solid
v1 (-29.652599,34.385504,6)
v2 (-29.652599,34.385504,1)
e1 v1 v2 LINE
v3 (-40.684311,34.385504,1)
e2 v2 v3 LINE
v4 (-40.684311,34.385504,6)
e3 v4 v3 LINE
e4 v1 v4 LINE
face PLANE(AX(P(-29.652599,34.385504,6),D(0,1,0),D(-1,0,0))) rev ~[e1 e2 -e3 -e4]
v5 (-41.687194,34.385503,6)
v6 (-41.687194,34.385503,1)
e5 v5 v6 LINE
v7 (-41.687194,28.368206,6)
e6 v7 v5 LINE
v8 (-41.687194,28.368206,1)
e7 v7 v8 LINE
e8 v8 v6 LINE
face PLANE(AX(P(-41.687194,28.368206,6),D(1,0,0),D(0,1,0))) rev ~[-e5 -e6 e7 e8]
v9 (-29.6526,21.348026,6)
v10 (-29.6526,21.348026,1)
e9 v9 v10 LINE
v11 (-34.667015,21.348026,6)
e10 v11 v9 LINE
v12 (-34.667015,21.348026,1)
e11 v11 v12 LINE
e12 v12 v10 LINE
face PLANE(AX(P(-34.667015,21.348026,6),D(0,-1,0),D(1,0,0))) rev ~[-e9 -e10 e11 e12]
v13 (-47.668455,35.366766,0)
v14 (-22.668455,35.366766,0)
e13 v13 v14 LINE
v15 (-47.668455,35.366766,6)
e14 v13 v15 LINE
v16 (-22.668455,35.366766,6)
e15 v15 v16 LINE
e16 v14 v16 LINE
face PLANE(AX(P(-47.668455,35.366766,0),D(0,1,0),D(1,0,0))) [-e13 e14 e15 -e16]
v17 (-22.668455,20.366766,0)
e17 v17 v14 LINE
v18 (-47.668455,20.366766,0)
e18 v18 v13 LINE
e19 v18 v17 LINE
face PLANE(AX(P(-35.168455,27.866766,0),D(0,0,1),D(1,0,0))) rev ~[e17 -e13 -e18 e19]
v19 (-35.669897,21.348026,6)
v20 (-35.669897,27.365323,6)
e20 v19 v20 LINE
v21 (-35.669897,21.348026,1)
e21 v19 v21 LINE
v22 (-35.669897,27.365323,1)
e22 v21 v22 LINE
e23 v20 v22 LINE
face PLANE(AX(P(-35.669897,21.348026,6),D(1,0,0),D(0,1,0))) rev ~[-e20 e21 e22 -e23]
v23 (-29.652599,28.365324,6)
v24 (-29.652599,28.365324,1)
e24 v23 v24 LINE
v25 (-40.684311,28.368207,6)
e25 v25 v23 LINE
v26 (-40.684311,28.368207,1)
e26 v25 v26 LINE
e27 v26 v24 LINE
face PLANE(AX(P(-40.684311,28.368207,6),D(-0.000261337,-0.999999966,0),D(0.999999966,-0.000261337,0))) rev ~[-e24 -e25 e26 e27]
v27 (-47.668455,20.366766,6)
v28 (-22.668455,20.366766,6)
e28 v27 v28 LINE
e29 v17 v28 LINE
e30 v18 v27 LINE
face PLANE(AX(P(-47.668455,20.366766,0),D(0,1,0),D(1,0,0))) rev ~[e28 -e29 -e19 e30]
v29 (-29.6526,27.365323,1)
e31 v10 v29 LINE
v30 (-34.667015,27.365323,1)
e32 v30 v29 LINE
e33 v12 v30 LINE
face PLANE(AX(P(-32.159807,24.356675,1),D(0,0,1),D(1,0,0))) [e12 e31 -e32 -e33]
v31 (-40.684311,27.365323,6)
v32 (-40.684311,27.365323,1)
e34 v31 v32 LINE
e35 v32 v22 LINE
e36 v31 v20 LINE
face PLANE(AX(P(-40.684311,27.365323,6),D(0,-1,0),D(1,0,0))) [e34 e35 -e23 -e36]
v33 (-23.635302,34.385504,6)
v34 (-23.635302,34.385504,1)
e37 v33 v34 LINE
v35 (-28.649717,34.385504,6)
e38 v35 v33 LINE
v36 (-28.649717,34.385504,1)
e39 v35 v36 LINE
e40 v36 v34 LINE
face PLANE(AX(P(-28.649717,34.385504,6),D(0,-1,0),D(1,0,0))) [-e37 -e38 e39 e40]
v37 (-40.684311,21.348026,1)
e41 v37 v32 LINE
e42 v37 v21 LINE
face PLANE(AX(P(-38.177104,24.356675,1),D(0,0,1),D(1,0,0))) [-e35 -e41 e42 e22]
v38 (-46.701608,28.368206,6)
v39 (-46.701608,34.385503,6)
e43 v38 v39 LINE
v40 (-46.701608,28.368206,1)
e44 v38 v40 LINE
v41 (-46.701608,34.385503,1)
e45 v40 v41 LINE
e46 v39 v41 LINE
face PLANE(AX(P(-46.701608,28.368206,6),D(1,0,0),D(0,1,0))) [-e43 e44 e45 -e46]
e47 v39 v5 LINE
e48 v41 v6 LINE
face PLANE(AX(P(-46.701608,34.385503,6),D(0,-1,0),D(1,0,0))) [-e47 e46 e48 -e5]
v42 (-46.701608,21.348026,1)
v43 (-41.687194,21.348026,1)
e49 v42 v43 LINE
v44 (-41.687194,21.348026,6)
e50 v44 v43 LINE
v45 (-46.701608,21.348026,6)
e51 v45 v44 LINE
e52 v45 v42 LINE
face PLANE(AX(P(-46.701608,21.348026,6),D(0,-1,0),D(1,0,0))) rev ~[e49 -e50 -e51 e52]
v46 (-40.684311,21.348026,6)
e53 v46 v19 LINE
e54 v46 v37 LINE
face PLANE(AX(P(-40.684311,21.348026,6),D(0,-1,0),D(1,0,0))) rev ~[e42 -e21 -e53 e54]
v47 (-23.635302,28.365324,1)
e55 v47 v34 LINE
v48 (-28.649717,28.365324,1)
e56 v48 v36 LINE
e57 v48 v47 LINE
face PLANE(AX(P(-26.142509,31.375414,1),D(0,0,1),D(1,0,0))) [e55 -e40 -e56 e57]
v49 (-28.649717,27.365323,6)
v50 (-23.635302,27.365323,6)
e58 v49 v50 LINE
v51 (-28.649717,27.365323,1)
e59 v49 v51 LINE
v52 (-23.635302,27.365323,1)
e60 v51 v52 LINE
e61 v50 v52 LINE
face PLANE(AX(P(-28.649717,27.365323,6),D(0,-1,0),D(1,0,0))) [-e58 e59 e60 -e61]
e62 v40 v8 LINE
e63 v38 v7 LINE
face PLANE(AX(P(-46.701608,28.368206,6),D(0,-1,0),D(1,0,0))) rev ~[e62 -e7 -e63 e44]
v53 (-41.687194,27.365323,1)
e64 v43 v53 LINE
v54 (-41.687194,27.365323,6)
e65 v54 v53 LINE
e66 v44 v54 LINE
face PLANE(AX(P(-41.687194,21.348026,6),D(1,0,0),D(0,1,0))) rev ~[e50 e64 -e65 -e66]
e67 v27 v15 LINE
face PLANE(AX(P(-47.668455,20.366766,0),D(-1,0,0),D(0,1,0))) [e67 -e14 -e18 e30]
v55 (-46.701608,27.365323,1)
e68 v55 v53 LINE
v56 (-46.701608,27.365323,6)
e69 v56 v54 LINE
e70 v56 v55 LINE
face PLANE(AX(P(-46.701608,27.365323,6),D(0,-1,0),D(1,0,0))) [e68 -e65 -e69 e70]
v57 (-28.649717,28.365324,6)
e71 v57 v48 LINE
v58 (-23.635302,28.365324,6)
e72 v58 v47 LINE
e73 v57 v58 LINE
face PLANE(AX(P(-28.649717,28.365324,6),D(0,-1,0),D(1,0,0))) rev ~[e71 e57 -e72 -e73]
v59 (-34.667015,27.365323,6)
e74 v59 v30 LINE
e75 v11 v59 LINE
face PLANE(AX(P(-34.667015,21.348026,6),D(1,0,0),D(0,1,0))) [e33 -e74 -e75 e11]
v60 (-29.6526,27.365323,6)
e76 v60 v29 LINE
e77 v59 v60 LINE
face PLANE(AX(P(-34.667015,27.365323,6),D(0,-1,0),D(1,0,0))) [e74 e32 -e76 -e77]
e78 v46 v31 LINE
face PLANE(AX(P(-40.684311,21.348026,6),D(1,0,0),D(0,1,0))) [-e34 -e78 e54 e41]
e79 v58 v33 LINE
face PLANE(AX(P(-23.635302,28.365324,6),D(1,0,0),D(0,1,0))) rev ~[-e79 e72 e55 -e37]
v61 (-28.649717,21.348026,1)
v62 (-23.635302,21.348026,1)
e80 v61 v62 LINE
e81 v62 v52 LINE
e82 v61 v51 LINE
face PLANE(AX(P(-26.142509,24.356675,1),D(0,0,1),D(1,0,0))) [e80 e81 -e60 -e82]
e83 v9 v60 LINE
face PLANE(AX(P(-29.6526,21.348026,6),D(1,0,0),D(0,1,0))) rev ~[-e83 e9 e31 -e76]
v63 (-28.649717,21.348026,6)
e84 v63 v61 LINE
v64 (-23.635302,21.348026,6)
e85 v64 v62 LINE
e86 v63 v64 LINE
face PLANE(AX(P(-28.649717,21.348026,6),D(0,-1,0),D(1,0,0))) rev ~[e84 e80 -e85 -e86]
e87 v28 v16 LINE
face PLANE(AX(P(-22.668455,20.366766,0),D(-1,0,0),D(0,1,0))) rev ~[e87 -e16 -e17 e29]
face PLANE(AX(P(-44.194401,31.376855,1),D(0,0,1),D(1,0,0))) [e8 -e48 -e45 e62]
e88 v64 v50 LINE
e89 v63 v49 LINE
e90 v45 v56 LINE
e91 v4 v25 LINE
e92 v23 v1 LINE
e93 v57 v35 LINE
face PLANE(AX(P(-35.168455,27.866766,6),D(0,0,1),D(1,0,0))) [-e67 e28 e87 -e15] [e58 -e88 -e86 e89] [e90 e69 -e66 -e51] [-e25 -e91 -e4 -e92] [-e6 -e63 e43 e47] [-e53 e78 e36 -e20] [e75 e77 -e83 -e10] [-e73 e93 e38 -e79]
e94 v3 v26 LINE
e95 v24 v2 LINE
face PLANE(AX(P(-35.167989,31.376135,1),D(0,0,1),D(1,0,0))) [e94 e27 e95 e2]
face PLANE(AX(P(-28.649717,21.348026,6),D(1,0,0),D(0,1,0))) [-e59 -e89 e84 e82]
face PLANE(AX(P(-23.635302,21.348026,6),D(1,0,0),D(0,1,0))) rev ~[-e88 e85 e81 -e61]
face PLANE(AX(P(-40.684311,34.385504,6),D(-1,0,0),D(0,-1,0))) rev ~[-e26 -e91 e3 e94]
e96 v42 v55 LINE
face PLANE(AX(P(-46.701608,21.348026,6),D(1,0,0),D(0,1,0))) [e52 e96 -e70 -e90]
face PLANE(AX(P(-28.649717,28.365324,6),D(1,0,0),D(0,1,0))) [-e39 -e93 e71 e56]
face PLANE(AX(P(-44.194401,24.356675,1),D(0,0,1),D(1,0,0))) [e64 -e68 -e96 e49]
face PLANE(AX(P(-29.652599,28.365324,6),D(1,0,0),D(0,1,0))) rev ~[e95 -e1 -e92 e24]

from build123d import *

# Parameters (mm, degrees)
F0_W     = 25
F0_H     = 15
F1_DEPTH = 6
F2_W     = 5.014414
F2_H     = 6.017297
F2_W_2   = 5.014415
F2_H_2   = 6.02018
F3_DEPTH = 5


with BuildPart() as f1:
    # F0 (on Top) → F1 (new body)
    with BuildSketch(Plane.XY):
        with Locations((-35.168455, 27.866766)):
            Rectangle(F0_W, F0_H)
    extrude(amount=F1_DEPTH)

    # F2 (on face) → F3 (cut)
    with BuildSketch(Plane.XY.offset(6)):
        Polygon((-40.684311, 28.368207), (-29.652599, 28.365324), (-29.652599, 34.385504), (-40.684311, 34.385504), align=None)
        with Locations((-44.194401, 24.356675)):
            Rectangle(F2_W, F2_H)
        with Locations((-44.194401, 31.376855)):
            Rectangle(F2_W, F2_H)
        with Locations((-38.177104, 24.356675)):
            Rectangle(F2_W, F2_H)
        with Locations((-32.159807, 24.356675)):
            Rectangle(F2_W_2, F2_H)
        with Locations((-26.142509, 24.356675)):
            Rectangle(F2_W_2, F2_H)
        with Locations((-26.142509, 31.375414)):
            Rectangle(F2_W_2, F2_H_2)
    extrude(amount=-F3_DEPTH, mode=Mode.SUBTRACT)


solid = f1.part
